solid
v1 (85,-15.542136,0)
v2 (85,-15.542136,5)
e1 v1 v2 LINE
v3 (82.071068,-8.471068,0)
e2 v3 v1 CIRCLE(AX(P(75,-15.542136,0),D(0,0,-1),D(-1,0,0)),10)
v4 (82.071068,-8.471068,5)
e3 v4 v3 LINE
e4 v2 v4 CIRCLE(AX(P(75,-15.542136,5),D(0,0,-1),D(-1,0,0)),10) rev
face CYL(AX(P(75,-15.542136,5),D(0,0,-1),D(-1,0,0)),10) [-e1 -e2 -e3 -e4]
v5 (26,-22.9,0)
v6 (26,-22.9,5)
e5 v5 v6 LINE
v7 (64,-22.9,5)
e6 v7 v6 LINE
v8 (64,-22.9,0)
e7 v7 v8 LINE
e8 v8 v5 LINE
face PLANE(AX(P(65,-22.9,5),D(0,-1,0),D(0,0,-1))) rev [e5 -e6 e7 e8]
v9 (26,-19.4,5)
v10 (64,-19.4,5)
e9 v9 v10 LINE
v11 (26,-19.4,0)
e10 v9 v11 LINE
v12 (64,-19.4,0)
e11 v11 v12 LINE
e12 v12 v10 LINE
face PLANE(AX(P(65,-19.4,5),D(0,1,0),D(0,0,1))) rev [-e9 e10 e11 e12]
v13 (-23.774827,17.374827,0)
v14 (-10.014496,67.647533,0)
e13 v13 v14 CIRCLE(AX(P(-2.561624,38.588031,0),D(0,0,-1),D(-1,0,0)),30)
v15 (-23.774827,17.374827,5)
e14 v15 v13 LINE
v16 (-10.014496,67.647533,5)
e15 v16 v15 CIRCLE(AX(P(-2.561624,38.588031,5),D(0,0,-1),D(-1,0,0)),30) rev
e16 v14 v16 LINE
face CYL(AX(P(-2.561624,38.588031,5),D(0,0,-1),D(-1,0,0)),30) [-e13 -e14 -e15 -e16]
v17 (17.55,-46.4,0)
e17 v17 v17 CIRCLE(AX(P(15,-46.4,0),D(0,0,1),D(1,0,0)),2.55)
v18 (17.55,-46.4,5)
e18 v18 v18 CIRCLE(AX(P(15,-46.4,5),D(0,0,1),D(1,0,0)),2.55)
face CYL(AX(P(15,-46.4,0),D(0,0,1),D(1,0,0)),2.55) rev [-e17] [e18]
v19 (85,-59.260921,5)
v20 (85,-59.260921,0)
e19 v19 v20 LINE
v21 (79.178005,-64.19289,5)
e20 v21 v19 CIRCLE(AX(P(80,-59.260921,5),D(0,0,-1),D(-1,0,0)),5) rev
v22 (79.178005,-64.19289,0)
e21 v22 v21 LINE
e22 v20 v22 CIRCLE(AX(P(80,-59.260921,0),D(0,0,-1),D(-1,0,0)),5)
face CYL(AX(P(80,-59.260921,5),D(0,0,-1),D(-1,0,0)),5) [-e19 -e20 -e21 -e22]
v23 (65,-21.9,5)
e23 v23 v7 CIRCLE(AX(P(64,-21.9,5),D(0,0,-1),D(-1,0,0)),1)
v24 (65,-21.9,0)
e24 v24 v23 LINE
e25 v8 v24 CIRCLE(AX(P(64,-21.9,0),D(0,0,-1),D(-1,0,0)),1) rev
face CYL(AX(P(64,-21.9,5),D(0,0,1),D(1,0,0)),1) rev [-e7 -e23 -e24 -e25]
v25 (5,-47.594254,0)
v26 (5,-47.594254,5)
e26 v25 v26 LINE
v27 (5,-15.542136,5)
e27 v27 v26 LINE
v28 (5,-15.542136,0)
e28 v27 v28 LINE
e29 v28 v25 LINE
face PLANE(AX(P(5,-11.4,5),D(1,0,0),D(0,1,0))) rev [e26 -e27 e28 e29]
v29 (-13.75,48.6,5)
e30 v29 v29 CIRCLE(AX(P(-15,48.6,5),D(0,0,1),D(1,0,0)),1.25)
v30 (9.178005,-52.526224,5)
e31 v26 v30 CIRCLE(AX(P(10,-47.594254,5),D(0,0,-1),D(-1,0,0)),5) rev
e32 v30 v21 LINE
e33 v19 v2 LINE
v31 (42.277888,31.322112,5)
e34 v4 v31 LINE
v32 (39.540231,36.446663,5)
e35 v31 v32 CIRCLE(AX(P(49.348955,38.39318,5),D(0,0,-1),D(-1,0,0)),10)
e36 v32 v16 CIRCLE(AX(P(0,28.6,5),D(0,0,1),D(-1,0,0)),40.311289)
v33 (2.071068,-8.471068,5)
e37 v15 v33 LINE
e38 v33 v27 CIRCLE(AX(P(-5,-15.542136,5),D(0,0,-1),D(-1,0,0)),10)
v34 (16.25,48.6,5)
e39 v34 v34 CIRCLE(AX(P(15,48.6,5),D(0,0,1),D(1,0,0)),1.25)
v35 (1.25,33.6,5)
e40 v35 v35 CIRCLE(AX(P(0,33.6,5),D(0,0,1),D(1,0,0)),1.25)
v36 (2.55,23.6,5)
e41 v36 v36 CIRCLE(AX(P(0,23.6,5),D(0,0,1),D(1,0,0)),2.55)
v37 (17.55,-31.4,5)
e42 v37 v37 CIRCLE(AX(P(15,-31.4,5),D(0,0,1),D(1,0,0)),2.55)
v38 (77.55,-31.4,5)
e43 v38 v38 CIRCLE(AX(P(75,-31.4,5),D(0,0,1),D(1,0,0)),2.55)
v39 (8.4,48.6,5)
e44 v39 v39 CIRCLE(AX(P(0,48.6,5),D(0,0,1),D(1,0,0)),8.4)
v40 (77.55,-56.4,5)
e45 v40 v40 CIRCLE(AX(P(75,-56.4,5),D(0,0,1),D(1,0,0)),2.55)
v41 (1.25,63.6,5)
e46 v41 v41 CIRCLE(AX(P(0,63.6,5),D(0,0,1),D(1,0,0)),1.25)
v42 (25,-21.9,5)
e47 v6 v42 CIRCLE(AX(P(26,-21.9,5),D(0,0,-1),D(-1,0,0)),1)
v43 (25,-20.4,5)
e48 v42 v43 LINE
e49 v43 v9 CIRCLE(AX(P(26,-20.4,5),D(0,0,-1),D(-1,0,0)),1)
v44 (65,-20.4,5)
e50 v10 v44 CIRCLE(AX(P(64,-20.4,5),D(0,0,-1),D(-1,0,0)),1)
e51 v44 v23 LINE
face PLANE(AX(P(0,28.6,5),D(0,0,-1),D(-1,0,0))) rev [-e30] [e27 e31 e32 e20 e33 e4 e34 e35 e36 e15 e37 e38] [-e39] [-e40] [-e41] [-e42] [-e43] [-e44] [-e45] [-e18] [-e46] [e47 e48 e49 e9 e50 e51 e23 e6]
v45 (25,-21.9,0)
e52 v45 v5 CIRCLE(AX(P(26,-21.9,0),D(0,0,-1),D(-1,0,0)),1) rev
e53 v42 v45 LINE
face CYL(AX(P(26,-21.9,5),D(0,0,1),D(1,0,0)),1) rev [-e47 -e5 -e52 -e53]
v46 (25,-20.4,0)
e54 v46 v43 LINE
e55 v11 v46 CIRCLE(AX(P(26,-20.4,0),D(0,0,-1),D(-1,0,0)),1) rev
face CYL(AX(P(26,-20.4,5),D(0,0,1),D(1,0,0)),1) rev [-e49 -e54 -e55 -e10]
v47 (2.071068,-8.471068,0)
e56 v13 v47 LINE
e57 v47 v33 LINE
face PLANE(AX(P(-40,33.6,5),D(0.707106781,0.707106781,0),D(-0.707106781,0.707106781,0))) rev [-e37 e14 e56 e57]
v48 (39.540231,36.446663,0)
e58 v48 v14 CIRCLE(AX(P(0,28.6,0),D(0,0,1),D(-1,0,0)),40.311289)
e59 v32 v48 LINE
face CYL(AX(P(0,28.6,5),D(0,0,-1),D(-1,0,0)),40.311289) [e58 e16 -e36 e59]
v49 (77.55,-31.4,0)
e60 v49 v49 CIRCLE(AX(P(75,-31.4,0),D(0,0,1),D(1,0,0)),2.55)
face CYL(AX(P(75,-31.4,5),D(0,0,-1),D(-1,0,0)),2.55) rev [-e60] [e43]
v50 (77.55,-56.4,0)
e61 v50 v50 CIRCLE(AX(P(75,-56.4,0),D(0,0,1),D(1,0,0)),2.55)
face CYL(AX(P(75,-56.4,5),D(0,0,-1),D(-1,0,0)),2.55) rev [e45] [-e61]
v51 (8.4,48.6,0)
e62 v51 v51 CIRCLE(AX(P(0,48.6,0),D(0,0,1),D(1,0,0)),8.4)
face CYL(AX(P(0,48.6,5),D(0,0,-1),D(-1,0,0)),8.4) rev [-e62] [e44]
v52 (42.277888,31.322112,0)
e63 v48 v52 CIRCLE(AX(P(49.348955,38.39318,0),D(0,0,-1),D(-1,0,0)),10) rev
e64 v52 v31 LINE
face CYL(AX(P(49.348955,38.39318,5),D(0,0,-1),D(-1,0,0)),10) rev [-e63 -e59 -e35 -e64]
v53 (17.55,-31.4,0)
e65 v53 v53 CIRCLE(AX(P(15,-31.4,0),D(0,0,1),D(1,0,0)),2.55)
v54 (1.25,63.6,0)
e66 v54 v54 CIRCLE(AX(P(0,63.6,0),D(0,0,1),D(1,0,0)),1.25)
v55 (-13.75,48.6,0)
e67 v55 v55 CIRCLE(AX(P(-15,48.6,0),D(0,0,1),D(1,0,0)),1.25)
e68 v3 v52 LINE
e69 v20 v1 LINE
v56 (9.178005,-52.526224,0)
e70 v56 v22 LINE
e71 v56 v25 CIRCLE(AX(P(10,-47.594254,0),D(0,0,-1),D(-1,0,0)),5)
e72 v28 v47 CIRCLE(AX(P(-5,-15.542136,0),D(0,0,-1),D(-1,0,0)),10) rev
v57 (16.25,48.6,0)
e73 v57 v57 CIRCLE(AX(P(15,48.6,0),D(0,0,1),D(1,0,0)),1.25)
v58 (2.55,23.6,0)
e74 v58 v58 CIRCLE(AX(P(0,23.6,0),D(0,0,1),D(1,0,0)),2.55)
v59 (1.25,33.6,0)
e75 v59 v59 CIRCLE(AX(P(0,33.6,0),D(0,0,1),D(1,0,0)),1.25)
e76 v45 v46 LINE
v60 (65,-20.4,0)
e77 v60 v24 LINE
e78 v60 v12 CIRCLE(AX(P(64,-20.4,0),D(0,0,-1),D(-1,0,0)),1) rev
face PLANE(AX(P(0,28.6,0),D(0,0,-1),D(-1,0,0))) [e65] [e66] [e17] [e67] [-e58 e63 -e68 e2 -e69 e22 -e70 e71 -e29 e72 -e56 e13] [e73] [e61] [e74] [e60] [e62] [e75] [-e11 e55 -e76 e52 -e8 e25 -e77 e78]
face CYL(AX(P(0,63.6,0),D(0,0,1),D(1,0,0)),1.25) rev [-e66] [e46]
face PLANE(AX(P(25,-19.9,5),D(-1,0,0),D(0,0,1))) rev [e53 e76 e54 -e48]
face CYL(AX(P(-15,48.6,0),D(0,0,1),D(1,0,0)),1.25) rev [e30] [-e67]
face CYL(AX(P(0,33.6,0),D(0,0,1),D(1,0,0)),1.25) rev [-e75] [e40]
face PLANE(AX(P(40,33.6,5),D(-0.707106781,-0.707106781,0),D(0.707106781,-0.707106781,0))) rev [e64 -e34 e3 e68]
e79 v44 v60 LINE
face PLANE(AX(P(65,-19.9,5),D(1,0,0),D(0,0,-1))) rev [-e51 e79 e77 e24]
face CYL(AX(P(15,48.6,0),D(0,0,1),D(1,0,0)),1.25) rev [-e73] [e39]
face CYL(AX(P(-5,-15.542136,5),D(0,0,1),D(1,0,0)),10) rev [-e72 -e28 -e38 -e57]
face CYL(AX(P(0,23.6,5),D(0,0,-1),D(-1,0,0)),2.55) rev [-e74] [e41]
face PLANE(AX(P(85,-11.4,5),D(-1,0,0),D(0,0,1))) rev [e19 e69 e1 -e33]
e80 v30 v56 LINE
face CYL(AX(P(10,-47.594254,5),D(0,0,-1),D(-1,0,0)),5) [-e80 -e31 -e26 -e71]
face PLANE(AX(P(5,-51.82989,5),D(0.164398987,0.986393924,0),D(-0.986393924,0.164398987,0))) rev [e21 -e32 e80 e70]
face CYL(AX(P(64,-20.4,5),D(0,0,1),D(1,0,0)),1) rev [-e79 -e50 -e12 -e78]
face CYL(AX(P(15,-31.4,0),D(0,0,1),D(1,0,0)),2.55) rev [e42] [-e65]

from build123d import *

# Parameters (mm, degrees)
SKETCH_1_R          = 2.55
SKETCH_1_R_2        = 8.4
EXTRUDE_1_DEPTH     = 5
FILLET_1_R          = 10
SKETCH_2_R          = 2.55
CUT_EXTRUDE_1_DEPTH = 112.121375081
FILLET_2_R          = 30
SKETCH_3_W          = 40
SKETCH_3_H          = 3
CUT_EXTRUDE_2_DEPTH = 112.121375081
SKETCH_5_W          = 40
SKETCH_5_H          = 0.5
CUT_EXTRUDE_4_DEPTH = 112.121375081
FILLET_3_R          = 1
CUT_EXTRUDE_5_DEPTH = 112.121375081
FILLET_4_R          = 5
SKETCH_7_R          = 1.25
CUT_EXTRUDE_6_DEPTH = 110.538877646


with BuildPart() as part:
    # ｽｹｯﾁ1 → ﾎﾞｽ - 押し出し1 (new body)
    with BuildSketch(Plane.XY):
        with BuildLine():
            Line((40, 33.6), (85, -11.4))
            Line((85, -11.4), (85, -71.4))
            Line((85, -71.4), (5, -71.4))
            Line((5, -71.4), (5, -11.4))
            Line((5, -11.4), (-40, 33.6))
            ThreePointArc((-40, 33.6), (0, 68.911288741), (40, 33.6))
        make_face()
        with Locations((75, -31.4)):
            Circle(SKETCH_1_R, mode=Mode.SUBTRACT)
        with Locations((75, -56.4)):
            Circle(SKETCH_1_R, mode=Mode.SUBTRACT)
        with Locations((0, 23.6)):
            Circle(SKETCH_1_R, mode=Mode.SUBTRACT)
        with Locations((0, 48.6)):
            Circle(SKETCH_1_R_2, mode=Mode.SUBTRACT)
    extrude(amount=EXTRUDE_1_DEPTH)

    # ﾌｨﾚｯﾄ1
    fillet_1_edges = [part.edges().sort_by_distance(p)[0] for p in [
        (40, 33.6, 2.5),
        (85, -11.4, 2.5),
        (5, -11.4, 2.5),
    ]]
    fillet(fillet_1_edges, radius=FILLET_1_R)

    # ｽｹｯﾁ2 → ｶｯﾄ - 押し出し1 (cut, through all)
    with BuildSketch(Plane.XY.offset(5)):
        with Locations((15, -46.4)):
            Circle(SKETCH_2_R)
        with Locations((15, -31.4)):
            Circle(SKETCH_2_R)
    extrude(amount=-CUT_EXTRUDE_1_DEPTH, mode=Mode.SUBTRACT)

    # ﾌｨﾚｯﾄ2
    fillet_2_edges = [part.edges().sort_by_distance(p)[0] for p in [
        (-40, 33.6, 2.5),
    ]]
    fillet(fillet_2_edges, radius=FILLET_2_R)

    # ｽｹｯﾁ3 → ｶｯﾄ - 押し出し2 (cut, through all)
    with BuildSketch(Plane(origin=(0, 0, 0), x_dir=(-1, 0, 0), z_dir=(0, 0, -1))):
        with Locations((-45, -21.4)):
            Rectangle(SKETCH_3_W, SKETCH_3_H)
    extrude(amount=-CUT_EXTRUDE_2_DEPTH, mode=Mode.SUBTRACT)

    # ｽｹｯﾁ5 → ｶｯﾄ - 押し出し4 (cut, through all)
    with BuildSketch(Plane(origin=(0, 0, 0), x_dir=(-1, 0, 0), z_dir=(0, 0, -1))):
        with Locations((-45, -19.65)):
            Rectangle(SKETCH_5_W, SKETCH_5_H)
    extrude(amount=-CUT_EXTRUDE_4_DEPTH, mode=Mode.SUBTRACT)

    # ﾌｨﾚｯﾄ3
    fillet_3_edges = [part.edges().sort_by_distance(p)[0] for p in [
        (25, -22.9, 2.5),
        (65, -22.9, 2.5),
        (65, -19.4, 2.5),
        (25, -19.4, 2.5),
    ]]
    fillet(fillet_3_edges, radius=FILLET_3_R)

    # ｽｹｯﾁ6 → ｶｯﾄ - 押し出し5 (cut, through all)
    with BuildSketch(Plane(origin=(0, 0, 0), x_dir=(-1, 0, 0), z_dir=(0, 0, -1))):
        Polygon((-5, -51.829889619), (-122.420662288, -71.4), (-5, -71.4), align=None)
    extrude(amount=-CUT_EXTRUDE_5_DEPTH, mode=Mode.SUBTRACT)

    # ﾌｨﾚｯﾄ4
    fillet_4_edges = [part.edges().sort_by_distance(p)[0] for p in [
        (85, -65.163222952, 2.5),
        (5, -51.829889619, 2.5),
    ]]
    fillet(fillet_4_edges, radius=FILLET_4_R)

    # ｽｹｯﾁ7 → ｶｯﾄ - 押し出し6 (cut, through all)
    with BuildSketch(Plane.XY.offset(5)):
        with Locations((0, 63.6)):
            Circle(SKETCH_7_R)
        with Locations((15, 48.6)):
            Circle(SKETCH_7_R)
        with Locations((0, 33.6)):
            Circle(SKETCH_7_R)
        with Locations((-15, 48.6)):
            Circle(SKETCH_7_R)
    extrude(amount=-CUT_EXTRUDE_6_DEPTH, mode=Mode.SUBTRACT)


solid = part.part
